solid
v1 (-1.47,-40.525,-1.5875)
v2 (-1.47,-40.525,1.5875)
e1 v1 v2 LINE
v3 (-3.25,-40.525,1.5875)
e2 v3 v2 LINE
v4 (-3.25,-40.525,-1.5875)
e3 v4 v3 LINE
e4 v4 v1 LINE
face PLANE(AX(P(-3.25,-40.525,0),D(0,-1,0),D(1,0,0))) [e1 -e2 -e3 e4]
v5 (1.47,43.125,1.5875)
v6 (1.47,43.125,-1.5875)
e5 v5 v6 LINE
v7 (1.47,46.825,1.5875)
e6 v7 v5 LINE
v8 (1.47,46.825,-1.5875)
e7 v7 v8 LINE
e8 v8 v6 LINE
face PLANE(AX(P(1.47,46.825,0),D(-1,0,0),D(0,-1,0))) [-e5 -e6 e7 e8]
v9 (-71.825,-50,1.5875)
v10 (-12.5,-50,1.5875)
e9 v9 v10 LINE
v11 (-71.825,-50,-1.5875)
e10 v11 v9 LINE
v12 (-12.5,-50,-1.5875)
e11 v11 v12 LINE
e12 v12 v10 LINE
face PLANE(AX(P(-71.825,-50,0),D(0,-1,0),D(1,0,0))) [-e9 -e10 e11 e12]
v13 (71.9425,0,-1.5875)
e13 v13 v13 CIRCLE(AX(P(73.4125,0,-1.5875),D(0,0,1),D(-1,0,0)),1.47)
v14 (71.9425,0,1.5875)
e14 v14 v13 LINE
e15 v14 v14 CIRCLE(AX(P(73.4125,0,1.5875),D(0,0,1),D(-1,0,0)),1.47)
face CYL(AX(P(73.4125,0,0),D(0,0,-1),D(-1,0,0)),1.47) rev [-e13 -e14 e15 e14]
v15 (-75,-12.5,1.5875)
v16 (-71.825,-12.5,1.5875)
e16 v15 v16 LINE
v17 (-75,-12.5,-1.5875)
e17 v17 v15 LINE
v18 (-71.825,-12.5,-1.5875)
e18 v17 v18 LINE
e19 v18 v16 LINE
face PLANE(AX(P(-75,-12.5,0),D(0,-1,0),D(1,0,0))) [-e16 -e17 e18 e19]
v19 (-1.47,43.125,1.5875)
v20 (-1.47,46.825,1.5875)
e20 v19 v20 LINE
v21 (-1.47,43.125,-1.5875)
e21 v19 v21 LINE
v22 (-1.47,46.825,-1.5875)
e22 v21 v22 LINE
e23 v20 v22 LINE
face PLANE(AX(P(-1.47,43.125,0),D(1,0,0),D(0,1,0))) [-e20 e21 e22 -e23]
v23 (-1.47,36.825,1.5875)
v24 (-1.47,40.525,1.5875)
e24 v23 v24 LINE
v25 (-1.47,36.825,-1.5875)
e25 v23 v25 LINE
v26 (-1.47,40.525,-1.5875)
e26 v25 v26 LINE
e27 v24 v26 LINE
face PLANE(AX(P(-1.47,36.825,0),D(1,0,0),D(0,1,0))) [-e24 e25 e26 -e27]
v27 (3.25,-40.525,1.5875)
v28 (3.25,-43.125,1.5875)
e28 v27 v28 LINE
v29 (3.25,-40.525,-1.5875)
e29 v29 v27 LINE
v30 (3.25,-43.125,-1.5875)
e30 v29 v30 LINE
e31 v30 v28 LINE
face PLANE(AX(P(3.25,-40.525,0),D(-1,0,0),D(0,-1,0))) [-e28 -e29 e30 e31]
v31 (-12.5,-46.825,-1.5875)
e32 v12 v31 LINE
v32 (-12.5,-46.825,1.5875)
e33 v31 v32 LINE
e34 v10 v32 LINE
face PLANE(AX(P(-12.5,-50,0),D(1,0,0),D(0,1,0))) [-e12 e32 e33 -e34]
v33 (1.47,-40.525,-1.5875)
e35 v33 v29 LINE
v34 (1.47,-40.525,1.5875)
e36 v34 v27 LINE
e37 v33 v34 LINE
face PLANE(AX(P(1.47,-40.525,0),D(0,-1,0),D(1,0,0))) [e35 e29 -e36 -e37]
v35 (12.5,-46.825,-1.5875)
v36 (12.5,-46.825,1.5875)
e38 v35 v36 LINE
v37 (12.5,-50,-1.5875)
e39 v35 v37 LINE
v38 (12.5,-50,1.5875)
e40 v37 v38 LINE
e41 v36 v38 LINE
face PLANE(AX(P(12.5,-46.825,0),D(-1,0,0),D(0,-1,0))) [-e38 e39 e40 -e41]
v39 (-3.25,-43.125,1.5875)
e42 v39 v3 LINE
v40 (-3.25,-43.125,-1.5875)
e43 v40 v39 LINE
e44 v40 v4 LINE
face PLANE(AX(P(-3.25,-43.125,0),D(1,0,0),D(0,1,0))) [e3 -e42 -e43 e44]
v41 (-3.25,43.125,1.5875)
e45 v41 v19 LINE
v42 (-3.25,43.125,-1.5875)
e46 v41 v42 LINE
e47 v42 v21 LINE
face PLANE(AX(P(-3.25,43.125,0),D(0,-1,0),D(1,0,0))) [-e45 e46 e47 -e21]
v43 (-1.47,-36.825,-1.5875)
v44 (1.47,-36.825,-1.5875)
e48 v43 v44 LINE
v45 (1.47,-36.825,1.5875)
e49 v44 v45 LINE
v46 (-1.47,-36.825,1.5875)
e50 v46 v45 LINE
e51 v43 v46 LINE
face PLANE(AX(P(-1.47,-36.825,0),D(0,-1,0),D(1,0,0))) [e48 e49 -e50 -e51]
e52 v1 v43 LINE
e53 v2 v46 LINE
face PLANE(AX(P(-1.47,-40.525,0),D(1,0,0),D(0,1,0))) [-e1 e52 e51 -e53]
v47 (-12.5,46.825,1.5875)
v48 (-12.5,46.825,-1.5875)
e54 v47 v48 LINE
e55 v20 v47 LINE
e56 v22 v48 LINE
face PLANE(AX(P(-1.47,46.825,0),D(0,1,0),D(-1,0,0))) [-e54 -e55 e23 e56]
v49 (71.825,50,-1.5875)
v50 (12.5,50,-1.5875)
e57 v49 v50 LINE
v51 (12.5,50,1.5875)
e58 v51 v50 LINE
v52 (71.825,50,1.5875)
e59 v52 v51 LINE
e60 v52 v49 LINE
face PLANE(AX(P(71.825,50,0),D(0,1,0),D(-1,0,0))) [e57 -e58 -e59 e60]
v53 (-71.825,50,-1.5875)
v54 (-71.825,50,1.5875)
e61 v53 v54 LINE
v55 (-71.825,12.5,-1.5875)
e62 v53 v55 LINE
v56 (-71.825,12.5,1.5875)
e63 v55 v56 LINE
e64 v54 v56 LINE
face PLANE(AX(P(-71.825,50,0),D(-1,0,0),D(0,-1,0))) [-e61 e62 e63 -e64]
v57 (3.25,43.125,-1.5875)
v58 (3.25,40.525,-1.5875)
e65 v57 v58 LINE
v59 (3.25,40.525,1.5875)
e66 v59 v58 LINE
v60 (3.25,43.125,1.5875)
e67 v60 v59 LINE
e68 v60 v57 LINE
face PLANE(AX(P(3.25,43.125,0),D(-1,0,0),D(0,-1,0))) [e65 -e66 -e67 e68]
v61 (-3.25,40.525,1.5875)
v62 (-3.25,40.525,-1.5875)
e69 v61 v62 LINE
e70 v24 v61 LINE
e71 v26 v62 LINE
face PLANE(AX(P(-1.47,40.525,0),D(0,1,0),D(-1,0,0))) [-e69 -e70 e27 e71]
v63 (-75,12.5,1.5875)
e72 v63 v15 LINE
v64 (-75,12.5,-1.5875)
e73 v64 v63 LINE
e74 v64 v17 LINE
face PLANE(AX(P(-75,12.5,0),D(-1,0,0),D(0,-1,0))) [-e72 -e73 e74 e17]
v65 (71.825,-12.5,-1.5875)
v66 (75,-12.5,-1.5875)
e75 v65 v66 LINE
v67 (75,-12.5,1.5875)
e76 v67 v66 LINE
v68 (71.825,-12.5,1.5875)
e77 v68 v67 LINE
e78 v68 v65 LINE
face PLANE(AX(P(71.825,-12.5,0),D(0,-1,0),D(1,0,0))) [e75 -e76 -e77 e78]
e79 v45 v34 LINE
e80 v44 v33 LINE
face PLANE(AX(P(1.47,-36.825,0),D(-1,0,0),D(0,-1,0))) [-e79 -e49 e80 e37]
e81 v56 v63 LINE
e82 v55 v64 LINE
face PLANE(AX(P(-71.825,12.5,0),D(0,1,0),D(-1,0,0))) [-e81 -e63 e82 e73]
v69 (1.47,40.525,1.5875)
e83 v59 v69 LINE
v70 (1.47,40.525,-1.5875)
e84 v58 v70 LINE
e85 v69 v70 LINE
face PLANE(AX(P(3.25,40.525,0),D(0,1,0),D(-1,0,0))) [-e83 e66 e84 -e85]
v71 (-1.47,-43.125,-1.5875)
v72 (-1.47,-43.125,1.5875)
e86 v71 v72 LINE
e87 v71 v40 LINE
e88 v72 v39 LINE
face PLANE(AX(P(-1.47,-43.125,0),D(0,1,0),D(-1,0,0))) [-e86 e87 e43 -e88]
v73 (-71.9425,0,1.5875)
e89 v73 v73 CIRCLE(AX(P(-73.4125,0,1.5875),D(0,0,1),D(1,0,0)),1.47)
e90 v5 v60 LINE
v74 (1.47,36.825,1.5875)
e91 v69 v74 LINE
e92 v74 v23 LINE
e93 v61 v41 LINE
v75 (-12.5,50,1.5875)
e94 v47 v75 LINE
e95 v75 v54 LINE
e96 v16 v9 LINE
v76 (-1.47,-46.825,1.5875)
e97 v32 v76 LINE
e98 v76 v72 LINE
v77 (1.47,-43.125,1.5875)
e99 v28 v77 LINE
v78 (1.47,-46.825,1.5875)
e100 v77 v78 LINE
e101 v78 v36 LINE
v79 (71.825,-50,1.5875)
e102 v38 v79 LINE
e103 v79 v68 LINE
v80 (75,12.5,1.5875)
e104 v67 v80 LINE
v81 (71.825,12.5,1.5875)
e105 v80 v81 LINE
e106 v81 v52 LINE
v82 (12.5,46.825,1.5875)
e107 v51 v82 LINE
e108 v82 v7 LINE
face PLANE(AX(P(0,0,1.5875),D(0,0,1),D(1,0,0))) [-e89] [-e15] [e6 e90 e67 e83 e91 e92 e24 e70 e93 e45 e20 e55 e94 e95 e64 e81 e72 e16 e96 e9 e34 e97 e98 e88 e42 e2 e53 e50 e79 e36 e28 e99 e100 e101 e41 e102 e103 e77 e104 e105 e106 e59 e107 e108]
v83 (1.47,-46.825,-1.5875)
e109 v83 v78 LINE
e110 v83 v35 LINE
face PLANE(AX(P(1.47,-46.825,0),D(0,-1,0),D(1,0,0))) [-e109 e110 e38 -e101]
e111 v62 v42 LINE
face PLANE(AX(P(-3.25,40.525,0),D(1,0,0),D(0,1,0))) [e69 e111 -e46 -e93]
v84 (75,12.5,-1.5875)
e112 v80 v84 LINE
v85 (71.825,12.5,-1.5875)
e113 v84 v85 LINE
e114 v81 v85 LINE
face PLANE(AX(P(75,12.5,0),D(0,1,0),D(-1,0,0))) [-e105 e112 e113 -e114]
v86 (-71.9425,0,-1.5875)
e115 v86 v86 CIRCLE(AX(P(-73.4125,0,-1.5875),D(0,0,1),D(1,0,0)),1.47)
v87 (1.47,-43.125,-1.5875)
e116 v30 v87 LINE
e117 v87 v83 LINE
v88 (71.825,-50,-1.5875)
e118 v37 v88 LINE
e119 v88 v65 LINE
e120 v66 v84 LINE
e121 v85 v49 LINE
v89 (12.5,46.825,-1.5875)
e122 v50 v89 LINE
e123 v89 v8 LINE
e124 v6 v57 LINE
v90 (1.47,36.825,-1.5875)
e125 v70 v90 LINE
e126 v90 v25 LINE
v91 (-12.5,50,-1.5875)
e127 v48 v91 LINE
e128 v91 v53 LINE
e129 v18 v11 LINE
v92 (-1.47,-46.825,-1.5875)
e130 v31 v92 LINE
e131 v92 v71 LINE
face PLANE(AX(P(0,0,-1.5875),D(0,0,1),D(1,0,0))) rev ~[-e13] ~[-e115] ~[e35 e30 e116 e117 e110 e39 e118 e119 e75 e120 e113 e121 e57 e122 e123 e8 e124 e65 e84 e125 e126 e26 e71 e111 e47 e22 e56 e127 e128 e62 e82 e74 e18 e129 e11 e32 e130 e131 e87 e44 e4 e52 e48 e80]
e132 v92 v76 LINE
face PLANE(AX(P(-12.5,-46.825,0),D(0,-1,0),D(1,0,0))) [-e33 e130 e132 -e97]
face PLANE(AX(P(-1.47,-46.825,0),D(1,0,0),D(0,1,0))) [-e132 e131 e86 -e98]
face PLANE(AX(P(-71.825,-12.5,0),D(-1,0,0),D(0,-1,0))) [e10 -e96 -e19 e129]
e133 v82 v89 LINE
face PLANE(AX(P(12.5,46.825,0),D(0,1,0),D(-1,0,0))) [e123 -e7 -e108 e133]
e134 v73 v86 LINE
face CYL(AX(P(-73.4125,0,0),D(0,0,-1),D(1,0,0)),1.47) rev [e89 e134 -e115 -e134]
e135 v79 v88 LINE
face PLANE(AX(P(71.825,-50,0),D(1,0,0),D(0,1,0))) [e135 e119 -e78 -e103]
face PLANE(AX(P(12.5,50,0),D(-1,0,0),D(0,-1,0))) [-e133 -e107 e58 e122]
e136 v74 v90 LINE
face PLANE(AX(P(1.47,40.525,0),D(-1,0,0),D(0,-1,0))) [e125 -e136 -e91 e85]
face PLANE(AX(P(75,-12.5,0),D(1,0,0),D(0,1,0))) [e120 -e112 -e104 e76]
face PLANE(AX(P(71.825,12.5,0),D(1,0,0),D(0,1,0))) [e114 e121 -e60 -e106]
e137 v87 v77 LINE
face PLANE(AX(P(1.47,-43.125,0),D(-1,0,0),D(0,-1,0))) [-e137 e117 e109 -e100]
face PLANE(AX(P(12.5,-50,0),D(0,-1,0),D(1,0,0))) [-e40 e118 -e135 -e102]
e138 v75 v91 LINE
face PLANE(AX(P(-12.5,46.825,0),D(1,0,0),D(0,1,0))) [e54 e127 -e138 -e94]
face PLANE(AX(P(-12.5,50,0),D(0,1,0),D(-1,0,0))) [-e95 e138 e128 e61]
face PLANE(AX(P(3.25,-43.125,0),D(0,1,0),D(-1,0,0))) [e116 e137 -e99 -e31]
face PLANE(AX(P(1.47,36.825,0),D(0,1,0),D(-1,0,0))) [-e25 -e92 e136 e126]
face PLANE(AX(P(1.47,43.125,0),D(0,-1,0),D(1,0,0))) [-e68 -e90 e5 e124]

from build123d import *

# Parameters (mm, degrees)
SKETCH1_R           = 1.47
BOSS_EXTRUDE1_DEPTH = 1.5875


with BuildPart() as part:
    # Sketch1 → Boss-Extrude1 (new, symmetric)
    with BuildSketch(Plane.XY):
        Polygon((-12.5, 50), (-71.825, 50), (-71.825, 12.5), (-75, 12.5), (-75, -12.5), (-71.825, -12.5), (-71.825, -50), (-12.5, -50), (-12.5, -46.825), (-1.47, -46.825), (-1.47, -43.125), (-3.25, -43.125), (-3.25, -40.525), (-1.47, -40.525), (-1.47, -36.825), (1.47, -36.825), (1.47, -40.525), (3.25, -40.525), (3.25, -43.125), (1.47, -43.125), (1.47, -46.825), (12.5, -46.825), (12.5, -50), (71.825, -50), (71.825, -12.5), (75, -12.5), (75, 12.5), (71.825, 12.5), (71.825, 50), (12.5, 50), (12.5, 46.825), (1.47, 46.825), (1.47, 43.125), (3.25, 43.125), (3.25, 40.525), (1.47, 40.525), (1.47, 36.825), (-1.47, 36.825), (-1.47, 40.525), (-3.25, 40.525), (-3.25, 43.125), (-1.47, 43.125), (-1.47, 46.825), (-12.5, 46.825), align=None)
        with Locations((-73.4125, 0)):
            Circle(SKETCH1_R, mode=Mode.SUBTRACT)
        with Locations(Location((73.4125, 0, 0), (0, 0, 180))):
            Circle(SKETCH1_R, mode=Mode.SUBTRACT)
    extrude(amount=BOSS_EXTRUDE1_DEPTH, both=True)


solid = part.part
